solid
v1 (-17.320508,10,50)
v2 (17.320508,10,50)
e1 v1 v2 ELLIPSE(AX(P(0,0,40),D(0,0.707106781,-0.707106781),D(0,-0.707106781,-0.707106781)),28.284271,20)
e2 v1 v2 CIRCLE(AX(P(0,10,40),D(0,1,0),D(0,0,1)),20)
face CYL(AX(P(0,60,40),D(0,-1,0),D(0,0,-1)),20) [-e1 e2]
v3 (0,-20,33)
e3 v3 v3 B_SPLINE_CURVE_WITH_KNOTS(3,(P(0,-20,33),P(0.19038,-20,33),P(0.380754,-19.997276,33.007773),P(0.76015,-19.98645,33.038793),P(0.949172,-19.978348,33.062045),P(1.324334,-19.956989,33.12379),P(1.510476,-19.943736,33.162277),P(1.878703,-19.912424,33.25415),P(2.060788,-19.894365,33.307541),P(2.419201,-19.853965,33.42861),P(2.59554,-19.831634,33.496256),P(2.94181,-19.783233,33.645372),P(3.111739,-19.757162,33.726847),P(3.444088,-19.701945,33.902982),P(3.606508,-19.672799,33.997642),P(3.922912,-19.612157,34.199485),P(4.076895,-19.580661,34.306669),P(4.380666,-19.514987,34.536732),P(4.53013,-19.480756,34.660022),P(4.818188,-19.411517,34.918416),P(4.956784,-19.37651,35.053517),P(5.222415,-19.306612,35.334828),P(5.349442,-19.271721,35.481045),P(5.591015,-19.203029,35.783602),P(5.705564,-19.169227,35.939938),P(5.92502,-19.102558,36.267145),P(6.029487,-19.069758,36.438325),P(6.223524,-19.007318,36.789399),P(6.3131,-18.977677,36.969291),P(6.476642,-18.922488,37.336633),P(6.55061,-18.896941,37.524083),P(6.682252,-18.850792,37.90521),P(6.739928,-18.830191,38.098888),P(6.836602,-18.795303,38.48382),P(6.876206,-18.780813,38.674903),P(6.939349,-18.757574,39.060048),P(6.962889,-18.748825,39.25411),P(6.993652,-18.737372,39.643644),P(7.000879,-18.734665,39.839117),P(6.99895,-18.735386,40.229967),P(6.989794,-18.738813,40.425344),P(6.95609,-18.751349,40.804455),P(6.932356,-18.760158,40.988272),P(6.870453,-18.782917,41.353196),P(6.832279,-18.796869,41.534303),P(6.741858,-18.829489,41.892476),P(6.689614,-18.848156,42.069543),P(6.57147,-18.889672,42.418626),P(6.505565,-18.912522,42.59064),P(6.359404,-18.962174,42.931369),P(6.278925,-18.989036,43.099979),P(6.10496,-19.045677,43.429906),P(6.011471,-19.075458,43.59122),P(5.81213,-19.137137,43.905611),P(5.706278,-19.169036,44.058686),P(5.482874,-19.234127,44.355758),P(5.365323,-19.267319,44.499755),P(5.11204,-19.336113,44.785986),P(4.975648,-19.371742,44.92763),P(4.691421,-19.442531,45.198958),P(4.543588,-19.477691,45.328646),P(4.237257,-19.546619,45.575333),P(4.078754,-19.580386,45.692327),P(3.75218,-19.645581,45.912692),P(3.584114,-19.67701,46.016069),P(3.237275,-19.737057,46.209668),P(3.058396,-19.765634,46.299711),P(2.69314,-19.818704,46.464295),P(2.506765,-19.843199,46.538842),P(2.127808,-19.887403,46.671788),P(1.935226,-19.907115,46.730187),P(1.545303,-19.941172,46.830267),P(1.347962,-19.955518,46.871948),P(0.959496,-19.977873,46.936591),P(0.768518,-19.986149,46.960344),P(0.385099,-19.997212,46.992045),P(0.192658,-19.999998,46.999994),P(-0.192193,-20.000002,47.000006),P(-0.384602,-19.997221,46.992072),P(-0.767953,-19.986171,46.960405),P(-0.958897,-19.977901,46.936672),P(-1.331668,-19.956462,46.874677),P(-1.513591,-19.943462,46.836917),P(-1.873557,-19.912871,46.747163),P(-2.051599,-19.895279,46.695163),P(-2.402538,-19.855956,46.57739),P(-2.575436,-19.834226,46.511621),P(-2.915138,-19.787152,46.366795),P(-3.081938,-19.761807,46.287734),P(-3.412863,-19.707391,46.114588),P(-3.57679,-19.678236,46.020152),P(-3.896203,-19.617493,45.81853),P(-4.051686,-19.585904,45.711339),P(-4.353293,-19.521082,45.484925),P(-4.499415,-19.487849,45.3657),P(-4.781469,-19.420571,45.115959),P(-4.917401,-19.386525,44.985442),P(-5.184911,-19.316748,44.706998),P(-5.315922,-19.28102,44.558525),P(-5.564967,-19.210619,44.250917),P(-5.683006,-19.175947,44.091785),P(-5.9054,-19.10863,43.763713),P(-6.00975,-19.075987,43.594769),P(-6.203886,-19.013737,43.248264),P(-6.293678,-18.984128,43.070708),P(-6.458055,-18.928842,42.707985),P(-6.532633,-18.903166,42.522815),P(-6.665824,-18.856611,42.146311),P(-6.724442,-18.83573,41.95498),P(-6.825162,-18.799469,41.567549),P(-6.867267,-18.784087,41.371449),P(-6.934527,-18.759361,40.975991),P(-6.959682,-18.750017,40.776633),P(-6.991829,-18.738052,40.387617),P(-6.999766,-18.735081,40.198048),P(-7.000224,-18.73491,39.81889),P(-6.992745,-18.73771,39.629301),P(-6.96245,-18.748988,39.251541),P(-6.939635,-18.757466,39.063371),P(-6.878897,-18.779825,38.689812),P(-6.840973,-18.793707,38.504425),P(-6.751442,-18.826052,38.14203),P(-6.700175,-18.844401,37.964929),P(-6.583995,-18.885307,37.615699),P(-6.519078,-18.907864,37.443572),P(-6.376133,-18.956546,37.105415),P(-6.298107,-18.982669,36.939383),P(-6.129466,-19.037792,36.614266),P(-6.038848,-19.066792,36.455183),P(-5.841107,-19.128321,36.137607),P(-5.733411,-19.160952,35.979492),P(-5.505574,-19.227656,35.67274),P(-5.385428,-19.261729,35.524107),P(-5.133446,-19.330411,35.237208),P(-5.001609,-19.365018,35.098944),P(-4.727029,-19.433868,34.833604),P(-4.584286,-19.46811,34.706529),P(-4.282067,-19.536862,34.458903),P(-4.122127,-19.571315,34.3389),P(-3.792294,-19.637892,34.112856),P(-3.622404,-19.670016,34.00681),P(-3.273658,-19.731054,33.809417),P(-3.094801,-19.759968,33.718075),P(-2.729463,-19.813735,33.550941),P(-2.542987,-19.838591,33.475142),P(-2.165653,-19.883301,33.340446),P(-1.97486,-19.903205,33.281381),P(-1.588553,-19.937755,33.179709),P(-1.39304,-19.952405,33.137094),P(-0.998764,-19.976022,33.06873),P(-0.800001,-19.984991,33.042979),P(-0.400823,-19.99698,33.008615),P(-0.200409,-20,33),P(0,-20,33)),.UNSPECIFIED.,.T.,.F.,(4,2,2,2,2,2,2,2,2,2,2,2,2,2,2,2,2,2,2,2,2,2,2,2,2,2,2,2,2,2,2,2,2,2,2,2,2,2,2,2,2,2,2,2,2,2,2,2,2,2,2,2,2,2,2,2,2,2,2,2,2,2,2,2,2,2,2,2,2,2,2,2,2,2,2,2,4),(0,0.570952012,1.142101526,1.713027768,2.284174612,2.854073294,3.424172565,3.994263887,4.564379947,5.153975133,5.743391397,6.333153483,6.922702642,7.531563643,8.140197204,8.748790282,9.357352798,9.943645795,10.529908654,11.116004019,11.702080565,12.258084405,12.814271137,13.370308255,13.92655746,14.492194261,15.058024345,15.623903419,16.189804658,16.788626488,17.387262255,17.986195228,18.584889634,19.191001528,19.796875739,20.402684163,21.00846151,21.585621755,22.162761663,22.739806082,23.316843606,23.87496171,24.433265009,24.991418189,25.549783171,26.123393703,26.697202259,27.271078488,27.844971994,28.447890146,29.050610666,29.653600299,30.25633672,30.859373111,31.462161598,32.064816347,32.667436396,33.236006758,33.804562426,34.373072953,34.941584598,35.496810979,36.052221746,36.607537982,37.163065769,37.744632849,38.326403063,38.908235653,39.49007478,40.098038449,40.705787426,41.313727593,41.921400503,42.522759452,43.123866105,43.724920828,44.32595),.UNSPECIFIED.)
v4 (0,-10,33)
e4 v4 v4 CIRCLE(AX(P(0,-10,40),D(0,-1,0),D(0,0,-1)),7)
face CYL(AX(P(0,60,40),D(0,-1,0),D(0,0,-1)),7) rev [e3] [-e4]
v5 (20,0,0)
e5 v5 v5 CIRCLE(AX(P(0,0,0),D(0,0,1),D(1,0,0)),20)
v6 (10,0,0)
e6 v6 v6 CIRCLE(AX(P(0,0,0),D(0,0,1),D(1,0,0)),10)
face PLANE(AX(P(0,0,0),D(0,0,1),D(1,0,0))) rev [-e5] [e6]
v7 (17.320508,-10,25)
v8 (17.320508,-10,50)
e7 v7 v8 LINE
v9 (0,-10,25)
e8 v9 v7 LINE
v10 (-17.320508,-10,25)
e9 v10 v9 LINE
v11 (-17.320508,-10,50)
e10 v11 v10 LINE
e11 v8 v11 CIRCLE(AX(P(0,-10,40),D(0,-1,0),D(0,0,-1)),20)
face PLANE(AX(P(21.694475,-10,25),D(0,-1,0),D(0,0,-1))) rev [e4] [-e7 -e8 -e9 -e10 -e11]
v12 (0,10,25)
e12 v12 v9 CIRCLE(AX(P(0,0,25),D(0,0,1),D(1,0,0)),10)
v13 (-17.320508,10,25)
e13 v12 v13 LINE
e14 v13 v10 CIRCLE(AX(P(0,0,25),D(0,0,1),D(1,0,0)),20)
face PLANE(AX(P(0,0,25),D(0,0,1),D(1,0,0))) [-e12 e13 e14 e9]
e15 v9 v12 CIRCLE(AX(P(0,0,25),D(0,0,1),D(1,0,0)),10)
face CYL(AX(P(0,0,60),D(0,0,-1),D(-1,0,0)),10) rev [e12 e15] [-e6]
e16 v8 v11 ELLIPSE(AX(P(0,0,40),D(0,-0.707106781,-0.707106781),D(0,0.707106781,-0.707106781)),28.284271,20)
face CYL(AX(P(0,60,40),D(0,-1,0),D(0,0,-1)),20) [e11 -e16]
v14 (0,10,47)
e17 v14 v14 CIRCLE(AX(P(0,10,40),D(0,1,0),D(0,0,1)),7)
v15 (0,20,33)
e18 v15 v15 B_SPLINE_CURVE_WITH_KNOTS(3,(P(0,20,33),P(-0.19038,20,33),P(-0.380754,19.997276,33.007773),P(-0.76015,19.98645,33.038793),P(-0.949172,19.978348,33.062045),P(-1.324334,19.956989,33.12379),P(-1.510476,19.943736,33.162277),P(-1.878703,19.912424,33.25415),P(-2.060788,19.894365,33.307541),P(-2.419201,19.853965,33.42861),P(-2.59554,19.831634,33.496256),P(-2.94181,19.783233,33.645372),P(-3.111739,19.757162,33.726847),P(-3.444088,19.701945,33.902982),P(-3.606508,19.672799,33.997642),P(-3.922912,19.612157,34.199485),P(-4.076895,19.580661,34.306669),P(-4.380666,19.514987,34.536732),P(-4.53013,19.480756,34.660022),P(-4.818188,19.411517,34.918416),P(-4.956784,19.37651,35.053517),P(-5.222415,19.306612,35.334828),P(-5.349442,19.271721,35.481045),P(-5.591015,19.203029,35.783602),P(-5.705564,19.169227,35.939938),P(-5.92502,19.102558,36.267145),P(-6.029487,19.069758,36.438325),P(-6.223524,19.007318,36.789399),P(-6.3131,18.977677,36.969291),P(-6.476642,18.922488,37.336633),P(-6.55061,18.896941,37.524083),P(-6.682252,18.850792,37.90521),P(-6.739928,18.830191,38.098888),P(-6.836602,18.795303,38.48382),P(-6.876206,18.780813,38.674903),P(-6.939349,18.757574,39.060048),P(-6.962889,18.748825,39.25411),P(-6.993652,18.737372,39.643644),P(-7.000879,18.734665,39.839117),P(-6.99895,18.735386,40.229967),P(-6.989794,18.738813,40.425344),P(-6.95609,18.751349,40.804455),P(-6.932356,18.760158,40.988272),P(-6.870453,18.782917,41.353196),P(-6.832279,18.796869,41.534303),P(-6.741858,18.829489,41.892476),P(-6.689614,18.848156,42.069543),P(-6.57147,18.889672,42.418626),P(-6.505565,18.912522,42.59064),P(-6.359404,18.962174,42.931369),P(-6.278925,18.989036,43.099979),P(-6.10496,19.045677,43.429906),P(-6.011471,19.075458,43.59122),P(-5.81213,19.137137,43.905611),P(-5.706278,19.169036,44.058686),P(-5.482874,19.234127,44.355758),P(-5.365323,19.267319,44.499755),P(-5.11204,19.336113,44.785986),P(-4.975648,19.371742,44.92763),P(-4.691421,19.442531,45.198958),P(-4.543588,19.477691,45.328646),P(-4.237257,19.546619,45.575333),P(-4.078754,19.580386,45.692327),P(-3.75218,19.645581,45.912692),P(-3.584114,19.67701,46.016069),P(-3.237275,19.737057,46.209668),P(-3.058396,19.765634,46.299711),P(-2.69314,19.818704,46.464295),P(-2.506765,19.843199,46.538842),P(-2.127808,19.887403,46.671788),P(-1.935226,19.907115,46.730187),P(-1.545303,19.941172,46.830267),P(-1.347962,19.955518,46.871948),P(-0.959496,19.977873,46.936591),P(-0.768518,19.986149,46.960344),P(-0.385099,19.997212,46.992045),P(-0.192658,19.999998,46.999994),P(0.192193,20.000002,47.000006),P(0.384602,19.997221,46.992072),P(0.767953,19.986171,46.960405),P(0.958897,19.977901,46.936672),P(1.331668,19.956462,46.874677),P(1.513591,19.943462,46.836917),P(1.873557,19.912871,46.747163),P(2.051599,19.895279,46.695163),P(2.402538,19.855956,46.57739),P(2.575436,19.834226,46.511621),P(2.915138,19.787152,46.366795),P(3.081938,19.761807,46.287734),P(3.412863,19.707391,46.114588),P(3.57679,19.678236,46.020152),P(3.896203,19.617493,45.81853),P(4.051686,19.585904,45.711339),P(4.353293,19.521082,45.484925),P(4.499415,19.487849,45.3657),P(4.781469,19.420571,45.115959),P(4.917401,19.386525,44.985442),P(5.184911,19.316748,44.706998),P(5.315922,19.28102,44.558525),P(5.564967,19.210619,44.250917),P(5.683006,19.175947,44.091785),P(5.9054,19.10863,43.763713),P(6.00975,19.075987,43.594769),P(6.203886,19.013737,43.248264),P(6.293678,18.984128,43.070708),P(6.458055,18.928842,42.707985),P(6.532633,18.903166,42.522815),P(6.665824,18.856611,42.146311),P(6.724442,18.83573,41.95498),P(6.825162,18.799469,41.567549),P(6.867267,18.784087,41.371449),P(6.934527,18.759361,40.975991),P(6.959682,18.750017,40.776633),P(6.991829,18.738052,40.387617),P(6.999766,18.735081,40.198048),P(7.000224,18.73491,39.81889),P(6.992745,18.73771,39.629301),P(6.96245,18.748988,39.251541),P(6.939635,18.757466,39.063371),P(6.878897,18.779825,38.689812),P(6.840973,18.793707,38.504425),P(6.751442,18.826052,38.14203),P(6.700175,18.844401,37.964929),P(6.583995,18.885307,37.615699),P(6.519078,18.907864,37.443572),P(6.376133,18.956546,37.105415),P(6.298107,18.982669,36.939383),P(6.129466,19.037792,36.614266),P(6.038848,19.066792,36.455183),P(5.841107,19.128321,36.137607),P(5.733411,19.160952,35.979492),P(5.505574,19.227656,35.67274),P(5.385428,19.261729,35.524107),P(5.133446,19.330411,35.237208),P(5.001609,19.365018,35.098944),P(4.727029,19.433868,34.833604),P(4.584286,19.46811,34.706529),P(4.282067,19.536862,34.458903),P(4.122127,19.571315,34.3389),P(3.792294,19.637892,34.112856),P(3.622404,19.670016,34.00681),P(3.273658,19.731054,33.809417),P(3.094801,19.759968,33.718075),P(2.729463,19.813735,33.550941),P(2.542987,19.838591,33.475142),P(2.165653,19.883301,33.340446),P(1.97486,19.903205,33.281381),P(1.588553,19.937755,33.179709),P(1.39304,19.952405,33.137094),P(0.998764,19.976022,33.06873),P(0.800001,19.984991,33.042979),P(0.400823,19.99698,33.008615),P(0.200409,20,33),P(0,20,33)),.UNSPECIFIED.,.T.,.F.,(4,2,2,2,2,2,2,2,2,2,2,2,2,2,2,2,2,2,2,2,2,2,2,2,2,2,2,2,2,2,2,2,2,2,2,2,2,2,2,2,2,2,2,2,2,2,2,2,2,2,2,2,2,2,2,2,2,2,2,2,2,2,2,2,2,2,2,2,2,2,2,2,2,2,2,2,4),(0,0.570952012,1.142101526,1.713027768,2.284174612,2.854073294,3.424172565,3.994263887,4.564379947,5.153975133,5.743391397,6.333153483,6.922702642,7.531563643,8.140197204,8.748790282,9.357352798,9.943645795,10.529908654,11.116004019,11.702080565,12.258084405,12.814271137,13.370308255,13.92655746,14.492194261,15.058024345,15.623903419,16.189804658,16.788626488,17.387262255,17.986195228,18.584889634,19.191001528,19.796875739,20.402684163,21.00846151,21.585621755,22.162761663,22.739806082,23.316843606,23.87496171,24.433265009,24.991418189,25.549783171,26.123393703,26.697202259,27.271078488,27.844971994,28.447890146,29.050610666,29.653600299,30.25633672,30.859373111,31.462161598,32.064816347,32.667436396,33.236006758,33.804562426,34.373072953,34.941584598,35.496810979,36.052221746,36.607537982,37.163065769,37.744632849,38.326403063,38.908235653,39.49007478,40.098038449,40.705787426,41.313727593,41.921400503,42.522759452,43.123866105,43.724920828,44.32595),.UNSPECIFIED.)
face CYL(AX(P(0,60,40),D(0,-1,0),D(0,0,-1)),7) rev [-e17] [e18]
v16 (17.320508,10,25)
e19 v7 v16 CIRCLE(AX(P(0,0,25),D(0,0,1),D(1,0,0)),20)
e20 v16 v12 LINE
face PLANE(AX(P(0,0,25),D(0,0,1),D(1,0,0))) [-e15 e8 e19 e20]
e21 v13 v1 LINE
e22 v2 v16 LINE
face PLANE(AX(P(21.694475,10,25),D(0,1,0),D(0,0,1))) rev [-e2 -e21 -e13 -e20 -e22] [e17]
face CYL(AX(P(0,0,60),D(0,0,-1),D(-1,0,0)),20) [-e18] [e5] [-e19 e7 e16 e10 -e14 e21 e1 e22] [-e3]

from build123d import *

# Parameters (mm, degrees)
SZKIC1_R                        = 20
SZKIC1_R_2                      = 10
DODANIE_WYCI_GNI_CIE1_DEPTH     = 60
WYTNIJ_WYCI_GNI_CIE1_DEPTH      = 60
WYTNIJ_WYCI_GNI_CIE1_DEPTH_BACK = 60
SZKIC2_R                        = 7
SZKIC3_W                        = 43.38895033
SZKIC3_H                        = 20
WYTNIJ_WYCI_GNI_CIE2_DEPTH      = 35


with BuildPart() as part:
    # Szkic1 → Dodanie-wyciągnięcie1 (new body)
    with BuildSketch(Plane.XY):
        Circle(SZKIC1_R)
        Circle(SZKIC1_R_2, mode=Mode.SUBTRACT)
    extrude(amount=DODANIE_WYCI_GNI_CIE1_DEPTH)

    # Szkic2 → Wytnij-wyciągnięcie1 (cut, two sides: drawn at the far end of the back side and taken through both)
    with BuildSketch(Plane(origin=(0, 0, 0), x_dir=(1, 0, 0), z_dir=(0, 1, 0)).offset(-WYTNIJ_WYCI_GNI_CIE1_DEPTH_BACK)):
        with BuildLine():
            ThreePointArc((0, -60), (-14.142135624, -54.142135624), (-20, -40))
            Line((-20, -40), (-20, -60))
            Line((-20, -60), (0, -60))
        make_face()
        with BuildLine():
            Line((20, -60), (20, -40))
            ThreePointArc((20, -40), (14.142135624, -54.142135624), (0, -60))
            Line((0, -60), (20, -60))
        make_face()
        with Locations((0, -40)):
            Circle(SZKIC2_R)
    extrude(amount=WYTNIJ_WYCI_GNI_CIE1_DEPTH + WYTNIJ_WYCI_GNI_CIE1_DEPTH_BACK, mode=Mode.SUBTRACT)

    # Szkic3 → Wytnij-wyciągnięcie2 (cut)
    with BuildSketch(Plane.XY.offset(60)):
        Rectangle(SZKIC3_W, SZKIC3_H)
    extrude(amount=-WYTNIJ_WYCI_GNI_CIE2_DEPTH, mode=Mode.SUBTRACT)


solid = part.part
